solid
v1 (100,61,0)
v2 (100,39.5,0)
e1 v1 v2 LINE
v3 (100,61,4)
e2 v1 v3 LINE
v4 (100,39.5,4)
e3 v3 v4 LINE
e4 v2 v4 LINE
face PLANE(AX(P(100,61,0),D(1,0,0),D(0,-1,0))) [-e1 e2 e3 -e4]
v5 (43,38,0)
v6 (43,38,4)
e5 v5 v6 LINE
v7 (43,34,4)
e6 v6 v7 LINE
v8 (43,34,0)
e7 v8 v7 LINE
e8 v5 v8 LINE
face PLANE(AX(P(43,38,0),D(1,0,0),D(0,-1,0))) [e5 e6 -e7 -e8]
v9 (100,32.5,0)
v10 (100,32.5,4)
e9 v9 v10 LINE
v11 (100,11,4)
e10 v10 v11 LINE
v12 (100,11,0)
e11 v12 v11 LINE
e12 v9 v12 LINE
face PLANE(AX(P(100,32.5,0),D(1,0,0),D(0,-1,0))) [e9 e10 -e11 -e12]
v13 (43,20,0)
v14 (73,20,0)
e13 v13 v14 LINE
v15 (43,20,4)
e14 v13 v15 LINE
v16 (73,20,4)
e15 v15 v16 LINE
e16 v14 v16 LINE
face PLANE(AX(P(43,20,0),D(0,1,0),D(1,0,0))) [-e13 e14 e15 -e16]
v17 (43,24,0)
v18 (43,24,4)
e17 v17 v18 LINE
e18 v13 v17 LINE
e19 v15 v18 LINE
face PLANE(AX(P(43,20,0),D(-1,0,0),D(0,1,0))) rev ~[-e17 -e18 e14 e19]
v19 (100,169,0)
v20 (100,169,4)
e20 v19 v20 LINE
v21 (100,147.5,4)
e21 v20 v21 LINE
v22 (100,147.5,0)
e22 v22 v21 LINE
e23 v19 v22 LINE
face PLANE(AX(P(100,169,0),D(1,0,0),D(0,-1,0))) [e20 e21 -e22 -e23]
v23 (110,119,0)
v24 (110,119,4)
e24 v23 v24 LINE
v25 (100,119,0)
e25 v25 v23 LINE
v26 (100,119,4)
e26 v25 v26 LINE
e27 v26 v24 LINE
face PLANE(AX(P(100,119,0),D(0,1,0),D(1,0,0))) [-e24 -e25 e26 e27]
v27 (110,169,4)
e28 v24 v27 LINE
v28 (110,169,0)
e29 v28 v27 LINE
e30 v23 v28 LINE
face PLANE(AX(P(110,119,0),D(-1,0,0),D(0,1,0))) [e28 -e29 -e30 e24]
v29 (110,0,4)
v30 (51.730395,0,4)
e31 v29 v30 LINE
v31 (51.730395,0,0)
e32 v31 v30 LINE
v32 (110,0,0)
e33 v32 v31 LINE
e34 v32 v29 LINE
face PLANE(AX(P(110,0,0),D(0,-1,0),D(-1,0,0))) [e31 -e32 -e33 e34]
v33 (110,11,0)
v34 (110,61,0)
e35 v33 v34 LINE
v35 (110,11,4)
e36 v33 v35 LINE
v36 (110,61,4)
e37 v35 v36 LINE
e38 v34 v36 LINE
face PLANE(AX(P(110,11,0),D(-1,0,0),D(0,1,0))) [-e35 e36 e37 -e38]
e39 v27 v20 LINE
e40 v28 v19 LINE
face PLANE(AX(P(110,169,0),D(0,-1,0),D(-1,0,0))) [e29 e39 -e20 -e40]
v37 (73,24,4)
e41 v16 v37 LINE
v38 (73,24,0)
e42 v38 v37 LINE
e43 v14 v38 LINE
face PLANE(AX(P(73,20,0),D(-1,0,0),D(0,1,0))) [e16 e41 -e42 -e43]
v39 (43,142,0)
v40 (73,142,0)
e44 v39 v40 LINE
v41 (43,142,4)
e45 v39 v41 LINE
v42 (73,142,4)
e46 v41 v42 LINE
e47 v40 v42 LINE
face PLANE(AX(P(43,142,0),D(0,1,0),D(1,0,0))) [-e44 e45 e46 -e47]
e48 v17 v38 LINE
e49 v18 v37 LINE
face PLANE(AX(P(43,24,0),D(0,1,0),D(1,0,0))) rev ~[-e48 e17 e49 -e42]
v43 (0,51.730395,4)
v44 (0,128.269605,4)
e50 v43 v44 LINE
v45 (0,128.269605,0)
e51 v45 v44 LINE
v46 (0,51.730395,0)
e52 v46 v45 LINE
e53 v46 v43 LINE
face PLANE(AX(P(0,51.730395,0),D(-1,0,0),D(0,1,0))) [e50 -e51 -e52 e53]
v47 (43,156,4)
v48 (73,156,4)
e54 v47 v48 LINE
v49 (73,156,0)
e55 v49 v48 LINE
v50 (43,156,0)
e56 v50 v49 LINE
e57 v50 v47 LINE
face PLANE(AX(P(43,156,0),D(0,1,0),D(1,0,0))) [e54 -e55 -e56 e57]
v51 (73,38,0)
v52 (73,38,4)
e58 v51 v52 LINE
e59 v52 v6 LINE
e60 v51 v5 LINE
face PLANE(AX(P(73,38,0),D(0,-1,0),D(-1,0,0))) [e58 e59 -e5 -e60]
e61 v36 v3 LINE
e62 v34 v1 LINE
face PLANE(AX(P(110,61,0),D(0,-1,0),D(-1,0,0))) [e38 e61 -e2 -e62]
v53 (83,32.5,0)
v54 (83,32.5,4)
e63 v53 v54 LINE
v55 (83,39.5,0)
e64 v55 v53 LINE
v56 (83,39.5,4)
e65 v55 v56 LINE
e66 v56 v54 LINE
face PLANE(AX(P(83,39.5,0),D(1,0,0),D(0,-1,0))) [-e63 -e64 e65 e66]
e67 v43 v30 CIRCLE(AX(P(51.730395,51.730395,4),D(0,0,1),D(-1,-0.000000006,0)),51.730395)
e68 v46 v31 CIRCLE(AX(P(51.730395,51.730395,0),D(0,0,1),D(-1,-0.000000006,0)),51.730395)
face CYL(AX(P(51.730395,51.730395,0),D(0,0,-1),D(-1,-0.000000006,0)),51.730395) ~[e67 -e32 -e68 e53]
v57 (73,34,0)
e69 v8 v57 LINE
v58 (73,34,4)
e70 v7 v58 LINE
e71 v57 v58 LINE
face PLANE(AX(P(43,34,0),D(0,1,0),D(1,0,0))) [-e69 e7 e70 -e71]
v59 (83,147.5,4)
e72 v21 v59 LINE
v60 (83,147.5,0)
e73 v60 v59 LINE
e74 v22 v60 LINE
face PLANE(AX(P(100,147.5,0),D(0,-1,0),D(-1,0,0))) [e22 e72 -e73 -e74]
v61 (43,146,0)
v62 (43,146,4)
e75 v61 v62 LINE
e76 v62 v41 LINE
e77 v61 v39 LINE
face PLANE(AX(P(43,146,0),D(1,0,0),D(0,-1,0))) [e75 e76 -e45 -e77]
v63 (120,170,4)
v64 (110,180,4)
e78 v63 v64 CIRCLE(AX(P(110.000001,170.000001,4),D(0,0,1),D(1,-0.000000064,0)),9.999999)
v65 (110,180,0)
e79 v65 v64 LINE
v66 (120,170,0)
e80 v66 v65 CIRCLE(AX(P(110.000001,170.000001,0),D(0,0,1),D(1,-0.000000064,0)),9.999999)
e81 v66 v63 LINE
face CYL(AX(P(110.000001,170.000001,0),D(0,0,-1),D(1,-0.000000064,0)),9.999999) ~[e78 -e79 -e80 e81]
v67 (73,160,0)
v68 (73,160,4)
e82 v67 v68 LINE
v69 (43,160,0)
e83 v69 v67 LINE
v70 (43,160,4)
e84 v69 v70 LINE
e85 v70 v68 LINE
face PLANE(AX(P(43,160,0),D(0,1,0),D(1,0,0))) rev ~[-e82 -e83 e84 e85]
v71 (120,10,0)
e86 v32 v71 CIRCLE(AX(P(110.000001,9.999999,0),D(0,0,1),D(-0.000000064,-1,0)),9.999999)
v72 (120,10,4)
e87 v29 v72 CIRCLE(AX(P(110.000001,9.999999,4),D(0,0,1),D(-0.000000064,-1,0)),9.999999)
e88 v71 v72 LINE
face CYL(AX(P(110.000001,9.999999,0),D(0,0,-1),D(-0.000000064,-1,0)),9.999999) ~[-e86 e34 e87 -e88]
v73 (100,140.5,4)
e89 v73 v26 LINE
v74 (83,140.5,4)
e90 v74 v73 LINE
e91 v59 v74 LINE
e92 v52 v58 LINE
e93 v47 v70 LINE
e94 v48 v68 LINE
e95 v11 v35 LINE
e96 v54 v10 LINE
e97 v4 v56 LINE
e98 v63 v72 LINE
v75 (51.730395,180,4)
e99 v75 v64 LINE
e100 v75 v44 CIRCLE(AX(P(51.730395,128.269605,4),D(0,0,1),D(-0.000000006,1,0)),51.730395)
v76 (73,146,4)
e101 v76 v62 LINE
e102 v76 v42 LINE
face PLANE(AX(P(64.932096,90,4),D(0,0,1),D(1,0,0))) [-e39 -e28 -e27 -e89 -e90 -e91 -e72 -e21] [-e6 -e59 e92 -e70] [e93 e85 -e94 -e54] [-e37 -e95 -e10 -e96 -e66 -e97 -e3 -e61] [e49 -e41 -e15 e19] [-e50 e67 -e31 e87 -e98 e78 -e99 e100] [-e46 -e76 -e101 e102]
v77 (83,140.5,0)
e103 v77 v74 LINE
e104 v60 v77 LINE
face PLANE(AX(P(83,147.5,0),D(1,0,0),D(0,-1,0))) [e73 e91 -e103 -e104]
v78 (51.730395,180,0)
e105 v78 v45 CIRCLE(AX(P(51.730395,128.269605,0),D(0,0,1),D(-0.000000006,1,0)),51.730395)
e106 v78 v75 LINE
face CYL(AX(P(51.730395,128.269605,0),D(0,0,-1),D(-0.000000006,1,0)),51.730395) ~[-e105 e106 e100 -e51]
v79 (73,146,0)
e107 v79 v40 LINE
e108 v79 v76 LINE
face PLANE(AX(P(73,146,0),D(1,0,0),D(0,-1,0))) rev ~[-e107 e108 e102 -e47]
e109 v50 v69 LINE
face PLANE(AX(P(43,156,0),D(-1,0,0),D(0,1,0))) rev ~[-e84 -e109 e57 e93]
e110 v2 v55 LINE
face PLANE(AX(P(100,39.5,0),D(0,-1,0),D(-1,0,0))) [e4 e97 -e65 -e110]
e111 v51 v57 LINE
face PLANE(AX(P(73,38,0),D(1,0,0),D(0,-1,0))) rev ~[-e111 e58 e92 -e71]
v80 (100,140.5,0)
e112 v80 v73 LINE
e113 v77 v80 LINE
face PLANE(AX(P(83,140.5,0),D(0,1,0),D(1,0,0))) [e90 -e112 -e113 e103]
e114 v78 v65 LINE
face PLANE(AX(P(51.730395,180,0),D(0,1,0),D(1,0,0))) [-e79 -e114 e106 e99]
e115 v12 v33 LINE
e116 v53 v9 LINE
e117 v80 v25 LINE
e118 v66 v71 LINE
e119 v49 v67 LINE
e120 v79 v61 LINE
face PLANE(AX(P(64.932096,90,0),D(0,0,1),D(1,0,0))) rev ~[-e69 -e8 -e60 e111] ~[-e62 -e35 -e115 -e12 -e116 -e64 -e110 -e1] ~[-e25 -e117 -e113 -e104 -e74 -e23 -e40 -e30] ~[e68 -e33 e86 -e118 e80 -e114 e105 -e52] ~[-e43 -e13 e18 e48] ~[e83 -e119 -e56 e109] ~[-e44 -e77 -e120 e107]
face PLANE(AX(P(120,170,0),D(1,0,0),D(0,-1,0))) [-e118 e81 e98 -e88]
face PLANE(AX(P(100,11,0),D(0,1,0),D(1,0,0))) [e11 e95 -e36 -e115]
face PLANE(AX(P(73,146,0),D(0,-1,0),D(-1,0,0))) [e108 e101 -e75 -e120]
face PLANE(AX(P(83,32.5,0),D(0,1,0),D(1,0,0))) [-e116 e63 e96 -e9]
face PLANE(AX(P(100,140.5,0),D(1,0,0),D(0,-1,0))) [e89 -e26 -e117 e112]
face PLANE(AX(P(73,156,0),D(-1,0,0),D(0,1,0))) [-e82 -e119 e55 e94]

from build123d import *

# Parameters (mm, degrees)
SKETCH001_W = 30
SKETCH001_H = 4
PAD_DEPTH   = 4


with BuildPart() as part:
    # Sketch001 → Pad (new body)
    with BuildSketch(Plane.XY):
        with BuildLine():
            Line((0, 90), (0, 128.269605))
            ThreePointArc((51.730395, 180), (15.151482, 164.848518), (0, 128.269605))
            Line((51.730395, 180), (110, 180))
            ThreePointArc((120, 170), (117.071068, 177.071068), (110, 180))
            Line((120, 170), (120, 10))
            ThreePointArc((110, 0), (117.071068, 2.928932), (120, 10))
            Line((110, 0), (51.730395, 0))
            ThreePointArc((0, 51.730395), (15.151482, 15.151482), (51.730395, 0))
            Line((0, 51.730395), (0, 90))
        make_face()
        Polygon((100, 61), (100, 39.5), (83, 39.5), (83, 32.5), (100, 32.5), (100, 11), (110, 11), (110, 61), align=None, mode=Mode.SUBTRACT)
        Polygon((100, 119), (110, 119), (110, 169), (100, 169), (100, 147.5), (83, 147.5), (83, 140.5), (100, 140.5), align=None, mode=Mode.SUBTRACT)
        Polygon((73, 38), (43, 38), (43, 34), (73, 34), (73, 36), align=None, mode=Mode.SUBTRACT)
        Polygon((73, 144), (73, 146), (43, 146), (43, 142), (73, 142), align=None, mode=Mode.SUBTRACT)
        with Locations((58, 158)):
            Rectangle(SKETCH001_W, SKETCH001_H, mode=Mode.SUBTRACT)
        with Locations((58, 22)):
            Rectangle(SKETCH001_W, SKETCH001_H, mode=Mode.SUBTRACT)
    extrude(amount=PAD_DEPTH)


solid = part.part
